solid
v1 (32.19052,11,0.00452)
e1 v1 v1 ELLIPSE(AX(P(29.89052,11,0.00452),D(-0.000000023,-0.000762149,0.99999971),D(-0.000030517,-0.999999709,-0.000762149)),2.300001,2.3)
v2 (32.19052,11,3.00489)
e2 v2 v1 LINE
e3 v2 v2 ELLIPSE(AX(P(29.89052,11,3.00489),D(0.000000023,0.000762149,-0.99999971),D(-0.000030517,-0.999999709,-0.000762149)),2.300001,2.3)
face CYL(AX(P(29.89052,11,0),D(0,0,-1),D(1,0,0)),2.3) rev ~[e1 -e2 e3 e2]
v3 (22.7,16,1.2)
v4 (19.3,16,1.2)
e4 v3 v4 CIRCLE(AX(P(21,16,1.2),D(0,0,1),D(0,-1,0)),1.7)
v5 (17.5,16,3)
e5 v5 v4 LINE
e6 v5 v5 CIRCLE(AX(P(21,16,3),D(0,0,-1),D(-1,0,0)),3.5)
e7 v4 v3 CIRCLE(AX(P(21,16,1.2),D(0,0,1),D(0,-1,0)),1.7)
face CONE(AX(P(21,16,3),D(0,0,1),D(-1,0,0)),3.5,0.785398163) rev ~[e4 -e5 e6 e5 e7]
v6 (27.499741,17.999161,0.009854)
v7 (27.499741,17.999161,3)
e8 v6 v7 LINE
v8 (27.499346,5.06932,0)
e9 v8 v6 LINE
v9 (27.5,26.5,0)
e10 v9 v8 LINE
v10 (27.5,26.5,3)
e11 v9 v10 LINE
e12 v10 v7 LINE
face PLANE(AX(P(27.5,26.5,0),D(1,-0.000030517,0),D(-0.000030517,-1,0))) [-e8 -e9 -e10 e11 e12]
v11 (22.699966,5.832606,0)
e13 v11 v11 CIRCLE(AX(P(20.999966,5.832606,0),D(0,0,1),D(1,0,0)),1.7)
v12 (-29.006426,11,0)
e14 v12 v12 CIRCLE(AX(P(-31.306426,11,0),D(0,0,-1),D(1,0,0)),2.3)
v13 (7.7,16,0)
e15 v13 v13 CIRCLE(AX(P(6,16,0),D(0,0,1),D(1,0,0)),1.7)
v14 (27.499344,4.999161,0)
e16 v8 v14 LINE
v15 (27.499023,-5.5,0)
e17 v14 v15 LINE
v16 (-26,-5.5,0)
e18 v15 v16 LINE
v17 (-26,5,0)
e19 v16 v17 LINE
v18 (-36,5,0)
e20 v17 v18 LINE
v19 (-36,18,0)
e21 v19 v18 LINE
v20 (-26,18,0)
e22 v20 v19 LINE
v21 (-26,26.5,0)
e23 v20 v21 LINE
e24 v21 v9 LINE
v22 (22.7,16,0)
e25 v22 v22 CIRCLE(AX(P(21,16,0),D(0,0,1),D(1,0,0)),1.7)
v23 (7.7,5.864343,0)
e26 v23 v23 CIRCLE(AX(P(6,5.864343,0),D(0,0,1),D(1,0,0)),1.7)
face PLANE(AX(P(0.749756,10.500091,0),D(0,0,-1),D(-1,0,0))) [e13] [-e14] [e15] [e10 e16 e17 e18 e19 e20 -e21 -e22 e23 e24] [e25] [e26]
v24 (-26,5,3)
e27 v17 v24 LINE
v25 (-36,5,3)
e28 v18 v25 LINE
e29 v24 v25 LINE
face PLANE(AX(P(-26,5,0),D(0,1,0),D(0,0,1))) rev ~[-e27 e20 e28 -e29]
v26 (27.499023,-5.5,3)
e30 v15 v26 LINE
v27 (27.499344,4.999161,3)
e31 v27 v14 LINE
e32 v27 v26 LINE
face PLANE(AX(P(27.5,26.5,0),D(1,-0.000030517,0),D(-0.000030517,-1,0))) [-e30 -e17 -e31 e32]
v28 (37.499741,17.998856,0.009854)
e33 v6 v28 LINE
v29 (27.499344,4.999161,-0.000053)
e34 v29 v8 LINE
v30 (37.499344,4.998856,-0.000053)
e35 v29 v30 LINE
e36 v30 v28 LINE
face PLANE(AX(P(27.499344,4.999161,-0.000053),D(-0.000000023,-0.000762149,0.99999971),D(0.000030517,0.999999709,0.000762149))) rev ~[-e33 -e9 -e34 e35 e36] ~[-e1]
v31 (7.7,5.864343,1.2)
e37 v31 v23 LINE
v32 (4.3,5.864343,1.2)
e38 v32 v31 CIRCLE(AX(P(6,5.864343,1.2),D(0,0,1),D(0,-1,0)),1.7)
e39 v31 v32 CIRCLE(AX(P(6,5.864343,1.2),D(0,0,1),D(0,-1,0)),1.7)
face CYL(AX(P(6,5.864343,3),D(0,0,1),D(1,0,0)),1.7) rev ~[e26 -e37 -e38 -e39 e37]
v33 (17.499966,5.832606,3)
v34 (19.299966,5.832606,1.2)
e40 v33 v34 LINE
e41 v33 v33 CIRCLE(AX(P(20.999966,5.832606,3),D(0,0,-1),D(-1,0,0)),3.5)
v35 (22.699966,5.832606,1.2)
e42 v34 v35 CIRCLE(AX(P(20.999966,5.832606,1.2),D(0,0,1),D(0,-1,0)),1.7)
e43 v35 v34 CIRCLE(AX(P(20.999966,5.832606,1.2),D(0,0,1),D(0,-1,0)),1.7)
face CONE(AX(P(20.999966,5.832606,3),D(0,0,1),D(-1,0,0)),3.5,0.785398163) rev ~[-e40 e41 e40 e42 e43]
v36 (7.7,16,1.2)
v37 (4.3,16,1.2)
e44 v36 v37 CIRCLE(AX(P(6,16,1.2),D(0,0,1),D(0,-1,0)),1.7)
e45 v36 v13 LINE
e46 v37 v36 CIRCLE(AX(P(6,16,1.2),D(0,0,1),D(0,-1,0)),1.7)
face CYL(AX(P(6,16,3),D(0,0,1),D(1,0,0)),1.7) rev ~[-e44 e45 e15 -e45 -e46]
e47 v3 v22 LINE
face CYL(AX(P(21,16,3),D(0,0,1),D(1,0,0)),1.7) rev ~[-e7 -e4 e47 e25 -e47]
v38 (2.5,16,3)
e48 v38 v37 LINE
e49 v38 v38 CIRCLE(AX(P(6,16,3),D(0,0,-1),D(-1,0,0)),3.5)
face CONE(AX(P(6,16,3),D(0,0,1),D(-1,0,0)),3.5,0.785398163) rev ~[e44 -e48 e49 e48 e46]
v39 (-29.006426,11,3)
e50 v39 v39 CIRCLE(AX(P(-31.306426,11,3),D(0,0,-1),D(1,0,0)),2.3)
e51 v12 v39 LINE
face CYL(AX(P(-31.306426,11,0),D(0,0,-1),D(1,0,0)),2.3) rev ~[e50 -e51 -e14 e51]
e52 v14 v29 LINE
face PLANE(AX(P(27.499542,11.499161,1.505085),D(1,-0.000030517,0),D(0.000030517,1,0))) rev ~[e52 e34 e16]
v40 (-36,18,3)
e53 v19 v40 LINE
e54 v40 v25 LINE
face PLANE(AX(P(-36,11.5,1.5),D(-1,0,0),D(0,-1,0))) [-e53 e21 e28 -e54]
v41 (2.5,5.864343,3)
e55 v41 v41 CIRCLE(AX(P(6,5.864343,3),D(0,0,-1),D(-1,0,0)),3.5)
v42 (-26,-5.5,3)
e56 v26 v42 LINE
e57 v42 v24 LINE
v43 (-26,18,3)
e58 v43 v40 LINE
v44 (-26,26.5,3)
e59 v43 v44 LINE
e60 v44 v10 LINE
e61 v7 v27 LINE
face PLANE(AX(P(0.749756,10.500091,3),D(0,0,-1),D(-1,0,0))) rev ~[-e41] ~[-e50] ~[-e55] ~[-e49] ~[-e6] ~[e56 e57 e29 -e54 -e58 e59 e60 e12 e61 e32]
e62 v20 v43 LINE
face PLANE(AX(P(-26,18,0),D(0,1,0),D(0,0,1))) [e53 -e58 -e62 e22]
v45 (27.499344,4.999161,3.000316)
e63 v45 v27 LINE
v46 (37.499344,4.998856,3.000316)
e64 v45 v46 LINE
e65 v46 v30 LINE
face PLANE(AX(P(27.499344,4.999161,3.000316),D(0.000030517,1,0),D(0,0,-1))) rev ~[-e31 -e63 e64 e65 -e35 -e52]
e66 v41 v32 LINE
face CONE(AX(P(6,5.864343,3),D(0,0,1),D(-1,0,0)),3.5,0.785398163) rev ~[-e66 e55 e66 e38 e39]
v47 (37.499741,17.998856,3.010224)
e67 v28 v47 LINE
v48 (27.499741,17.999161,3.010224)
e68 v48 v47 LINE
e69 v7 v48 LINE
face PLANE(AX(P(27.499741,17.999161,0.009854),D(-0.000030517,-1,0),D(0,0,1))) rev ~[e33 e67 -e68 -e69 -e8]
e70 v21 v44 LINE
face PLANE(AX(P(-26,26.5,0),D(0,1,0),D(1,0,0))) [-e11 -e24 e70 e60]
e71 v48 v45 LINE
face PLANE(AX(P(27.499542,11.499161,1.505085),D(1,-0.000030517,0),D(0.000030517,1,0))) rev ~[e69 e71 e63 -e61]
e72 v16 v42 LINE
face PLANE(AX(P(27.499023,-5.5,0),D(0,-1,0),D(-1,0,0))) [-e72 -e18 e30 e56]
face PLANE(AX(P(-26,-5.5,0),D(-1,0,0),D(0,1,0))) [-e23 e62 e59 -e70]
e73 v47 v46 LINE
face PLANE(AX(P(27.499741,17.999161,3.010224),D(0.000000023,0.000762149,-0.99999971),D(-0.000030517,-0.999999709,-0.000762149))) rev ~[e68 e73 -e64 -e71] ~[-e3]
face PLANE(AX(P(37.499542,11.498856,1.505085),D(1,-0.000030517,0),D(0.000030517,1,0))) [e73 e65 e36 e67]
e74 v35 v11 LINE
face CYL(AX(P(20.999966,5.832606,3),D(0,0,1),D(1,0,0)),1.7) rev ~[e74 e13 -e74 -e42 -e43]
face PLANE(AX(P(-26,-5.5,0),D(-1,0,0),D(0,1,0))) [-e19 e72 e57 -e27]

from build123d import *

# Parameters (mm, degrees)
PAD_DEPTH        = 3
SKETCH001_R      = 1.7
POCKET_DEPTH     = 3
SKETCH002_W      = 13
SKETCH002_H      = 3
PAD001_DEPTH     = 10
PAD002_DEPTH     = 10
SKETCH011_R      = 2.3
POCKET003_DEPTH  = 3
POCKET004_DEPTH  = 4
HOLE_D           = 1.75
HOLE_DEPTH       = 14
HOLE_CSINK_D     = 7
HOLE_CSINK_ANGLE = 90


with BuildPart() as part:
    # Sketch → Pad (new body)
    with BuildSketch(Plane.XY):
        Polygon((-26, 26.4999999928), (27.5, 26.4999999928), (27.49902347, -5.4999999923), (-26, -5.5000000072), align=None)
    extrude(amount=PAD_DEPTH)

    # Sketch001 (on Face6 of Pad) → Pocket (cut)
    with BuildSketch(Plane.XY.offset(3)):
        with Locations((6, 16)):
            Circle(SKETCH001_R)
        with Locations((21, 16)):
            Circle(SKETCH001_R)
        with Locations((6, 5.8643429572)):
            Circle(SKETCH001_R)
        with Locations((20.9999664256, 5.8326060428)):
            Circle(SKETCH001_R)
    extrude(amount=-POCKET_DEPTH, mode=Mode.SUBTRACT)

    # Sketch002 (on Face2 of Pocket) → Pad001 (join)
    with BuildSketch(Plane(origin=(-26, 0, 0), x_dir=(0, -1, 0), z_dir=(-1, 0, 0))):
        with Locations((-11.5, 1.5)):
            Rectangle(SKETCH002_W, SKETCH002_H)
    extrude(amount=PAD001_DEPTH)

    # Sketch003 (on Face3 of Pad001) → Pad002 (join)
    with BuildSketch(Plane(origin=(27.4991912855, -0.0008391808, 0), x_dir=(3.05166e-05, 0.9999999995, 0), z_dir=(0.9999999995, -3.05166e-05, 0))):
        Polygon((4.9999999997, -5.34717e-05), (18, 0.0098544685), (18, 3.0102239098), (4.9999999997, 3.0003159696), align=None)
    extrude(amount=PAD002_DEPTH)

    # Sketch011 (on Face10 of Pad002) → Pocket003 (cut)
    with BuildSketch(Plane(origin=(0, 0, 0), x_dir=(1, 0, 0), z_dir=(0, 0, -1))):
        with Locations((-31.3064256507, -11)):
            Circle(SKETCH011_R)
        with Locations((29.8905204819, -11)):
            Circle(SKETCH011_R)
    extrude(amount=-POCKET003_DEPTH, mode=Mode.SUBTRACT)

    # Sketch011 (on Face10 of Pad002) → Pocket004 (cut)
    with BuildSketch(Plane(origin=(0, 0, 0), x_dir=(1, 0, 0), z_dir=(0, 0, -1))):
        with Locations((-31.3064256507, -11)):
            Circle(SKETCH011_R)
        with Locations((29.8905204819, -11)):
            Circle(SKETCH011_R)
    extrude(amount=-POCKET004_DEPTH, mode=Mode.SUBTRACT)

    # Hole
    with Locations(Plane.XY.offset(3)):
        with Locations((6, 16), (21, 16), (6, 5.8643429572), (20.9999664256, 5.8326060428)):
            CounterSinkHole(HOLE_D / 2, HOLE_CSINK_D / 2, depth=HOLE_DEPTH, counter_sink_angle=HOLE_CSINK_ANGLE)


solid = part.part
